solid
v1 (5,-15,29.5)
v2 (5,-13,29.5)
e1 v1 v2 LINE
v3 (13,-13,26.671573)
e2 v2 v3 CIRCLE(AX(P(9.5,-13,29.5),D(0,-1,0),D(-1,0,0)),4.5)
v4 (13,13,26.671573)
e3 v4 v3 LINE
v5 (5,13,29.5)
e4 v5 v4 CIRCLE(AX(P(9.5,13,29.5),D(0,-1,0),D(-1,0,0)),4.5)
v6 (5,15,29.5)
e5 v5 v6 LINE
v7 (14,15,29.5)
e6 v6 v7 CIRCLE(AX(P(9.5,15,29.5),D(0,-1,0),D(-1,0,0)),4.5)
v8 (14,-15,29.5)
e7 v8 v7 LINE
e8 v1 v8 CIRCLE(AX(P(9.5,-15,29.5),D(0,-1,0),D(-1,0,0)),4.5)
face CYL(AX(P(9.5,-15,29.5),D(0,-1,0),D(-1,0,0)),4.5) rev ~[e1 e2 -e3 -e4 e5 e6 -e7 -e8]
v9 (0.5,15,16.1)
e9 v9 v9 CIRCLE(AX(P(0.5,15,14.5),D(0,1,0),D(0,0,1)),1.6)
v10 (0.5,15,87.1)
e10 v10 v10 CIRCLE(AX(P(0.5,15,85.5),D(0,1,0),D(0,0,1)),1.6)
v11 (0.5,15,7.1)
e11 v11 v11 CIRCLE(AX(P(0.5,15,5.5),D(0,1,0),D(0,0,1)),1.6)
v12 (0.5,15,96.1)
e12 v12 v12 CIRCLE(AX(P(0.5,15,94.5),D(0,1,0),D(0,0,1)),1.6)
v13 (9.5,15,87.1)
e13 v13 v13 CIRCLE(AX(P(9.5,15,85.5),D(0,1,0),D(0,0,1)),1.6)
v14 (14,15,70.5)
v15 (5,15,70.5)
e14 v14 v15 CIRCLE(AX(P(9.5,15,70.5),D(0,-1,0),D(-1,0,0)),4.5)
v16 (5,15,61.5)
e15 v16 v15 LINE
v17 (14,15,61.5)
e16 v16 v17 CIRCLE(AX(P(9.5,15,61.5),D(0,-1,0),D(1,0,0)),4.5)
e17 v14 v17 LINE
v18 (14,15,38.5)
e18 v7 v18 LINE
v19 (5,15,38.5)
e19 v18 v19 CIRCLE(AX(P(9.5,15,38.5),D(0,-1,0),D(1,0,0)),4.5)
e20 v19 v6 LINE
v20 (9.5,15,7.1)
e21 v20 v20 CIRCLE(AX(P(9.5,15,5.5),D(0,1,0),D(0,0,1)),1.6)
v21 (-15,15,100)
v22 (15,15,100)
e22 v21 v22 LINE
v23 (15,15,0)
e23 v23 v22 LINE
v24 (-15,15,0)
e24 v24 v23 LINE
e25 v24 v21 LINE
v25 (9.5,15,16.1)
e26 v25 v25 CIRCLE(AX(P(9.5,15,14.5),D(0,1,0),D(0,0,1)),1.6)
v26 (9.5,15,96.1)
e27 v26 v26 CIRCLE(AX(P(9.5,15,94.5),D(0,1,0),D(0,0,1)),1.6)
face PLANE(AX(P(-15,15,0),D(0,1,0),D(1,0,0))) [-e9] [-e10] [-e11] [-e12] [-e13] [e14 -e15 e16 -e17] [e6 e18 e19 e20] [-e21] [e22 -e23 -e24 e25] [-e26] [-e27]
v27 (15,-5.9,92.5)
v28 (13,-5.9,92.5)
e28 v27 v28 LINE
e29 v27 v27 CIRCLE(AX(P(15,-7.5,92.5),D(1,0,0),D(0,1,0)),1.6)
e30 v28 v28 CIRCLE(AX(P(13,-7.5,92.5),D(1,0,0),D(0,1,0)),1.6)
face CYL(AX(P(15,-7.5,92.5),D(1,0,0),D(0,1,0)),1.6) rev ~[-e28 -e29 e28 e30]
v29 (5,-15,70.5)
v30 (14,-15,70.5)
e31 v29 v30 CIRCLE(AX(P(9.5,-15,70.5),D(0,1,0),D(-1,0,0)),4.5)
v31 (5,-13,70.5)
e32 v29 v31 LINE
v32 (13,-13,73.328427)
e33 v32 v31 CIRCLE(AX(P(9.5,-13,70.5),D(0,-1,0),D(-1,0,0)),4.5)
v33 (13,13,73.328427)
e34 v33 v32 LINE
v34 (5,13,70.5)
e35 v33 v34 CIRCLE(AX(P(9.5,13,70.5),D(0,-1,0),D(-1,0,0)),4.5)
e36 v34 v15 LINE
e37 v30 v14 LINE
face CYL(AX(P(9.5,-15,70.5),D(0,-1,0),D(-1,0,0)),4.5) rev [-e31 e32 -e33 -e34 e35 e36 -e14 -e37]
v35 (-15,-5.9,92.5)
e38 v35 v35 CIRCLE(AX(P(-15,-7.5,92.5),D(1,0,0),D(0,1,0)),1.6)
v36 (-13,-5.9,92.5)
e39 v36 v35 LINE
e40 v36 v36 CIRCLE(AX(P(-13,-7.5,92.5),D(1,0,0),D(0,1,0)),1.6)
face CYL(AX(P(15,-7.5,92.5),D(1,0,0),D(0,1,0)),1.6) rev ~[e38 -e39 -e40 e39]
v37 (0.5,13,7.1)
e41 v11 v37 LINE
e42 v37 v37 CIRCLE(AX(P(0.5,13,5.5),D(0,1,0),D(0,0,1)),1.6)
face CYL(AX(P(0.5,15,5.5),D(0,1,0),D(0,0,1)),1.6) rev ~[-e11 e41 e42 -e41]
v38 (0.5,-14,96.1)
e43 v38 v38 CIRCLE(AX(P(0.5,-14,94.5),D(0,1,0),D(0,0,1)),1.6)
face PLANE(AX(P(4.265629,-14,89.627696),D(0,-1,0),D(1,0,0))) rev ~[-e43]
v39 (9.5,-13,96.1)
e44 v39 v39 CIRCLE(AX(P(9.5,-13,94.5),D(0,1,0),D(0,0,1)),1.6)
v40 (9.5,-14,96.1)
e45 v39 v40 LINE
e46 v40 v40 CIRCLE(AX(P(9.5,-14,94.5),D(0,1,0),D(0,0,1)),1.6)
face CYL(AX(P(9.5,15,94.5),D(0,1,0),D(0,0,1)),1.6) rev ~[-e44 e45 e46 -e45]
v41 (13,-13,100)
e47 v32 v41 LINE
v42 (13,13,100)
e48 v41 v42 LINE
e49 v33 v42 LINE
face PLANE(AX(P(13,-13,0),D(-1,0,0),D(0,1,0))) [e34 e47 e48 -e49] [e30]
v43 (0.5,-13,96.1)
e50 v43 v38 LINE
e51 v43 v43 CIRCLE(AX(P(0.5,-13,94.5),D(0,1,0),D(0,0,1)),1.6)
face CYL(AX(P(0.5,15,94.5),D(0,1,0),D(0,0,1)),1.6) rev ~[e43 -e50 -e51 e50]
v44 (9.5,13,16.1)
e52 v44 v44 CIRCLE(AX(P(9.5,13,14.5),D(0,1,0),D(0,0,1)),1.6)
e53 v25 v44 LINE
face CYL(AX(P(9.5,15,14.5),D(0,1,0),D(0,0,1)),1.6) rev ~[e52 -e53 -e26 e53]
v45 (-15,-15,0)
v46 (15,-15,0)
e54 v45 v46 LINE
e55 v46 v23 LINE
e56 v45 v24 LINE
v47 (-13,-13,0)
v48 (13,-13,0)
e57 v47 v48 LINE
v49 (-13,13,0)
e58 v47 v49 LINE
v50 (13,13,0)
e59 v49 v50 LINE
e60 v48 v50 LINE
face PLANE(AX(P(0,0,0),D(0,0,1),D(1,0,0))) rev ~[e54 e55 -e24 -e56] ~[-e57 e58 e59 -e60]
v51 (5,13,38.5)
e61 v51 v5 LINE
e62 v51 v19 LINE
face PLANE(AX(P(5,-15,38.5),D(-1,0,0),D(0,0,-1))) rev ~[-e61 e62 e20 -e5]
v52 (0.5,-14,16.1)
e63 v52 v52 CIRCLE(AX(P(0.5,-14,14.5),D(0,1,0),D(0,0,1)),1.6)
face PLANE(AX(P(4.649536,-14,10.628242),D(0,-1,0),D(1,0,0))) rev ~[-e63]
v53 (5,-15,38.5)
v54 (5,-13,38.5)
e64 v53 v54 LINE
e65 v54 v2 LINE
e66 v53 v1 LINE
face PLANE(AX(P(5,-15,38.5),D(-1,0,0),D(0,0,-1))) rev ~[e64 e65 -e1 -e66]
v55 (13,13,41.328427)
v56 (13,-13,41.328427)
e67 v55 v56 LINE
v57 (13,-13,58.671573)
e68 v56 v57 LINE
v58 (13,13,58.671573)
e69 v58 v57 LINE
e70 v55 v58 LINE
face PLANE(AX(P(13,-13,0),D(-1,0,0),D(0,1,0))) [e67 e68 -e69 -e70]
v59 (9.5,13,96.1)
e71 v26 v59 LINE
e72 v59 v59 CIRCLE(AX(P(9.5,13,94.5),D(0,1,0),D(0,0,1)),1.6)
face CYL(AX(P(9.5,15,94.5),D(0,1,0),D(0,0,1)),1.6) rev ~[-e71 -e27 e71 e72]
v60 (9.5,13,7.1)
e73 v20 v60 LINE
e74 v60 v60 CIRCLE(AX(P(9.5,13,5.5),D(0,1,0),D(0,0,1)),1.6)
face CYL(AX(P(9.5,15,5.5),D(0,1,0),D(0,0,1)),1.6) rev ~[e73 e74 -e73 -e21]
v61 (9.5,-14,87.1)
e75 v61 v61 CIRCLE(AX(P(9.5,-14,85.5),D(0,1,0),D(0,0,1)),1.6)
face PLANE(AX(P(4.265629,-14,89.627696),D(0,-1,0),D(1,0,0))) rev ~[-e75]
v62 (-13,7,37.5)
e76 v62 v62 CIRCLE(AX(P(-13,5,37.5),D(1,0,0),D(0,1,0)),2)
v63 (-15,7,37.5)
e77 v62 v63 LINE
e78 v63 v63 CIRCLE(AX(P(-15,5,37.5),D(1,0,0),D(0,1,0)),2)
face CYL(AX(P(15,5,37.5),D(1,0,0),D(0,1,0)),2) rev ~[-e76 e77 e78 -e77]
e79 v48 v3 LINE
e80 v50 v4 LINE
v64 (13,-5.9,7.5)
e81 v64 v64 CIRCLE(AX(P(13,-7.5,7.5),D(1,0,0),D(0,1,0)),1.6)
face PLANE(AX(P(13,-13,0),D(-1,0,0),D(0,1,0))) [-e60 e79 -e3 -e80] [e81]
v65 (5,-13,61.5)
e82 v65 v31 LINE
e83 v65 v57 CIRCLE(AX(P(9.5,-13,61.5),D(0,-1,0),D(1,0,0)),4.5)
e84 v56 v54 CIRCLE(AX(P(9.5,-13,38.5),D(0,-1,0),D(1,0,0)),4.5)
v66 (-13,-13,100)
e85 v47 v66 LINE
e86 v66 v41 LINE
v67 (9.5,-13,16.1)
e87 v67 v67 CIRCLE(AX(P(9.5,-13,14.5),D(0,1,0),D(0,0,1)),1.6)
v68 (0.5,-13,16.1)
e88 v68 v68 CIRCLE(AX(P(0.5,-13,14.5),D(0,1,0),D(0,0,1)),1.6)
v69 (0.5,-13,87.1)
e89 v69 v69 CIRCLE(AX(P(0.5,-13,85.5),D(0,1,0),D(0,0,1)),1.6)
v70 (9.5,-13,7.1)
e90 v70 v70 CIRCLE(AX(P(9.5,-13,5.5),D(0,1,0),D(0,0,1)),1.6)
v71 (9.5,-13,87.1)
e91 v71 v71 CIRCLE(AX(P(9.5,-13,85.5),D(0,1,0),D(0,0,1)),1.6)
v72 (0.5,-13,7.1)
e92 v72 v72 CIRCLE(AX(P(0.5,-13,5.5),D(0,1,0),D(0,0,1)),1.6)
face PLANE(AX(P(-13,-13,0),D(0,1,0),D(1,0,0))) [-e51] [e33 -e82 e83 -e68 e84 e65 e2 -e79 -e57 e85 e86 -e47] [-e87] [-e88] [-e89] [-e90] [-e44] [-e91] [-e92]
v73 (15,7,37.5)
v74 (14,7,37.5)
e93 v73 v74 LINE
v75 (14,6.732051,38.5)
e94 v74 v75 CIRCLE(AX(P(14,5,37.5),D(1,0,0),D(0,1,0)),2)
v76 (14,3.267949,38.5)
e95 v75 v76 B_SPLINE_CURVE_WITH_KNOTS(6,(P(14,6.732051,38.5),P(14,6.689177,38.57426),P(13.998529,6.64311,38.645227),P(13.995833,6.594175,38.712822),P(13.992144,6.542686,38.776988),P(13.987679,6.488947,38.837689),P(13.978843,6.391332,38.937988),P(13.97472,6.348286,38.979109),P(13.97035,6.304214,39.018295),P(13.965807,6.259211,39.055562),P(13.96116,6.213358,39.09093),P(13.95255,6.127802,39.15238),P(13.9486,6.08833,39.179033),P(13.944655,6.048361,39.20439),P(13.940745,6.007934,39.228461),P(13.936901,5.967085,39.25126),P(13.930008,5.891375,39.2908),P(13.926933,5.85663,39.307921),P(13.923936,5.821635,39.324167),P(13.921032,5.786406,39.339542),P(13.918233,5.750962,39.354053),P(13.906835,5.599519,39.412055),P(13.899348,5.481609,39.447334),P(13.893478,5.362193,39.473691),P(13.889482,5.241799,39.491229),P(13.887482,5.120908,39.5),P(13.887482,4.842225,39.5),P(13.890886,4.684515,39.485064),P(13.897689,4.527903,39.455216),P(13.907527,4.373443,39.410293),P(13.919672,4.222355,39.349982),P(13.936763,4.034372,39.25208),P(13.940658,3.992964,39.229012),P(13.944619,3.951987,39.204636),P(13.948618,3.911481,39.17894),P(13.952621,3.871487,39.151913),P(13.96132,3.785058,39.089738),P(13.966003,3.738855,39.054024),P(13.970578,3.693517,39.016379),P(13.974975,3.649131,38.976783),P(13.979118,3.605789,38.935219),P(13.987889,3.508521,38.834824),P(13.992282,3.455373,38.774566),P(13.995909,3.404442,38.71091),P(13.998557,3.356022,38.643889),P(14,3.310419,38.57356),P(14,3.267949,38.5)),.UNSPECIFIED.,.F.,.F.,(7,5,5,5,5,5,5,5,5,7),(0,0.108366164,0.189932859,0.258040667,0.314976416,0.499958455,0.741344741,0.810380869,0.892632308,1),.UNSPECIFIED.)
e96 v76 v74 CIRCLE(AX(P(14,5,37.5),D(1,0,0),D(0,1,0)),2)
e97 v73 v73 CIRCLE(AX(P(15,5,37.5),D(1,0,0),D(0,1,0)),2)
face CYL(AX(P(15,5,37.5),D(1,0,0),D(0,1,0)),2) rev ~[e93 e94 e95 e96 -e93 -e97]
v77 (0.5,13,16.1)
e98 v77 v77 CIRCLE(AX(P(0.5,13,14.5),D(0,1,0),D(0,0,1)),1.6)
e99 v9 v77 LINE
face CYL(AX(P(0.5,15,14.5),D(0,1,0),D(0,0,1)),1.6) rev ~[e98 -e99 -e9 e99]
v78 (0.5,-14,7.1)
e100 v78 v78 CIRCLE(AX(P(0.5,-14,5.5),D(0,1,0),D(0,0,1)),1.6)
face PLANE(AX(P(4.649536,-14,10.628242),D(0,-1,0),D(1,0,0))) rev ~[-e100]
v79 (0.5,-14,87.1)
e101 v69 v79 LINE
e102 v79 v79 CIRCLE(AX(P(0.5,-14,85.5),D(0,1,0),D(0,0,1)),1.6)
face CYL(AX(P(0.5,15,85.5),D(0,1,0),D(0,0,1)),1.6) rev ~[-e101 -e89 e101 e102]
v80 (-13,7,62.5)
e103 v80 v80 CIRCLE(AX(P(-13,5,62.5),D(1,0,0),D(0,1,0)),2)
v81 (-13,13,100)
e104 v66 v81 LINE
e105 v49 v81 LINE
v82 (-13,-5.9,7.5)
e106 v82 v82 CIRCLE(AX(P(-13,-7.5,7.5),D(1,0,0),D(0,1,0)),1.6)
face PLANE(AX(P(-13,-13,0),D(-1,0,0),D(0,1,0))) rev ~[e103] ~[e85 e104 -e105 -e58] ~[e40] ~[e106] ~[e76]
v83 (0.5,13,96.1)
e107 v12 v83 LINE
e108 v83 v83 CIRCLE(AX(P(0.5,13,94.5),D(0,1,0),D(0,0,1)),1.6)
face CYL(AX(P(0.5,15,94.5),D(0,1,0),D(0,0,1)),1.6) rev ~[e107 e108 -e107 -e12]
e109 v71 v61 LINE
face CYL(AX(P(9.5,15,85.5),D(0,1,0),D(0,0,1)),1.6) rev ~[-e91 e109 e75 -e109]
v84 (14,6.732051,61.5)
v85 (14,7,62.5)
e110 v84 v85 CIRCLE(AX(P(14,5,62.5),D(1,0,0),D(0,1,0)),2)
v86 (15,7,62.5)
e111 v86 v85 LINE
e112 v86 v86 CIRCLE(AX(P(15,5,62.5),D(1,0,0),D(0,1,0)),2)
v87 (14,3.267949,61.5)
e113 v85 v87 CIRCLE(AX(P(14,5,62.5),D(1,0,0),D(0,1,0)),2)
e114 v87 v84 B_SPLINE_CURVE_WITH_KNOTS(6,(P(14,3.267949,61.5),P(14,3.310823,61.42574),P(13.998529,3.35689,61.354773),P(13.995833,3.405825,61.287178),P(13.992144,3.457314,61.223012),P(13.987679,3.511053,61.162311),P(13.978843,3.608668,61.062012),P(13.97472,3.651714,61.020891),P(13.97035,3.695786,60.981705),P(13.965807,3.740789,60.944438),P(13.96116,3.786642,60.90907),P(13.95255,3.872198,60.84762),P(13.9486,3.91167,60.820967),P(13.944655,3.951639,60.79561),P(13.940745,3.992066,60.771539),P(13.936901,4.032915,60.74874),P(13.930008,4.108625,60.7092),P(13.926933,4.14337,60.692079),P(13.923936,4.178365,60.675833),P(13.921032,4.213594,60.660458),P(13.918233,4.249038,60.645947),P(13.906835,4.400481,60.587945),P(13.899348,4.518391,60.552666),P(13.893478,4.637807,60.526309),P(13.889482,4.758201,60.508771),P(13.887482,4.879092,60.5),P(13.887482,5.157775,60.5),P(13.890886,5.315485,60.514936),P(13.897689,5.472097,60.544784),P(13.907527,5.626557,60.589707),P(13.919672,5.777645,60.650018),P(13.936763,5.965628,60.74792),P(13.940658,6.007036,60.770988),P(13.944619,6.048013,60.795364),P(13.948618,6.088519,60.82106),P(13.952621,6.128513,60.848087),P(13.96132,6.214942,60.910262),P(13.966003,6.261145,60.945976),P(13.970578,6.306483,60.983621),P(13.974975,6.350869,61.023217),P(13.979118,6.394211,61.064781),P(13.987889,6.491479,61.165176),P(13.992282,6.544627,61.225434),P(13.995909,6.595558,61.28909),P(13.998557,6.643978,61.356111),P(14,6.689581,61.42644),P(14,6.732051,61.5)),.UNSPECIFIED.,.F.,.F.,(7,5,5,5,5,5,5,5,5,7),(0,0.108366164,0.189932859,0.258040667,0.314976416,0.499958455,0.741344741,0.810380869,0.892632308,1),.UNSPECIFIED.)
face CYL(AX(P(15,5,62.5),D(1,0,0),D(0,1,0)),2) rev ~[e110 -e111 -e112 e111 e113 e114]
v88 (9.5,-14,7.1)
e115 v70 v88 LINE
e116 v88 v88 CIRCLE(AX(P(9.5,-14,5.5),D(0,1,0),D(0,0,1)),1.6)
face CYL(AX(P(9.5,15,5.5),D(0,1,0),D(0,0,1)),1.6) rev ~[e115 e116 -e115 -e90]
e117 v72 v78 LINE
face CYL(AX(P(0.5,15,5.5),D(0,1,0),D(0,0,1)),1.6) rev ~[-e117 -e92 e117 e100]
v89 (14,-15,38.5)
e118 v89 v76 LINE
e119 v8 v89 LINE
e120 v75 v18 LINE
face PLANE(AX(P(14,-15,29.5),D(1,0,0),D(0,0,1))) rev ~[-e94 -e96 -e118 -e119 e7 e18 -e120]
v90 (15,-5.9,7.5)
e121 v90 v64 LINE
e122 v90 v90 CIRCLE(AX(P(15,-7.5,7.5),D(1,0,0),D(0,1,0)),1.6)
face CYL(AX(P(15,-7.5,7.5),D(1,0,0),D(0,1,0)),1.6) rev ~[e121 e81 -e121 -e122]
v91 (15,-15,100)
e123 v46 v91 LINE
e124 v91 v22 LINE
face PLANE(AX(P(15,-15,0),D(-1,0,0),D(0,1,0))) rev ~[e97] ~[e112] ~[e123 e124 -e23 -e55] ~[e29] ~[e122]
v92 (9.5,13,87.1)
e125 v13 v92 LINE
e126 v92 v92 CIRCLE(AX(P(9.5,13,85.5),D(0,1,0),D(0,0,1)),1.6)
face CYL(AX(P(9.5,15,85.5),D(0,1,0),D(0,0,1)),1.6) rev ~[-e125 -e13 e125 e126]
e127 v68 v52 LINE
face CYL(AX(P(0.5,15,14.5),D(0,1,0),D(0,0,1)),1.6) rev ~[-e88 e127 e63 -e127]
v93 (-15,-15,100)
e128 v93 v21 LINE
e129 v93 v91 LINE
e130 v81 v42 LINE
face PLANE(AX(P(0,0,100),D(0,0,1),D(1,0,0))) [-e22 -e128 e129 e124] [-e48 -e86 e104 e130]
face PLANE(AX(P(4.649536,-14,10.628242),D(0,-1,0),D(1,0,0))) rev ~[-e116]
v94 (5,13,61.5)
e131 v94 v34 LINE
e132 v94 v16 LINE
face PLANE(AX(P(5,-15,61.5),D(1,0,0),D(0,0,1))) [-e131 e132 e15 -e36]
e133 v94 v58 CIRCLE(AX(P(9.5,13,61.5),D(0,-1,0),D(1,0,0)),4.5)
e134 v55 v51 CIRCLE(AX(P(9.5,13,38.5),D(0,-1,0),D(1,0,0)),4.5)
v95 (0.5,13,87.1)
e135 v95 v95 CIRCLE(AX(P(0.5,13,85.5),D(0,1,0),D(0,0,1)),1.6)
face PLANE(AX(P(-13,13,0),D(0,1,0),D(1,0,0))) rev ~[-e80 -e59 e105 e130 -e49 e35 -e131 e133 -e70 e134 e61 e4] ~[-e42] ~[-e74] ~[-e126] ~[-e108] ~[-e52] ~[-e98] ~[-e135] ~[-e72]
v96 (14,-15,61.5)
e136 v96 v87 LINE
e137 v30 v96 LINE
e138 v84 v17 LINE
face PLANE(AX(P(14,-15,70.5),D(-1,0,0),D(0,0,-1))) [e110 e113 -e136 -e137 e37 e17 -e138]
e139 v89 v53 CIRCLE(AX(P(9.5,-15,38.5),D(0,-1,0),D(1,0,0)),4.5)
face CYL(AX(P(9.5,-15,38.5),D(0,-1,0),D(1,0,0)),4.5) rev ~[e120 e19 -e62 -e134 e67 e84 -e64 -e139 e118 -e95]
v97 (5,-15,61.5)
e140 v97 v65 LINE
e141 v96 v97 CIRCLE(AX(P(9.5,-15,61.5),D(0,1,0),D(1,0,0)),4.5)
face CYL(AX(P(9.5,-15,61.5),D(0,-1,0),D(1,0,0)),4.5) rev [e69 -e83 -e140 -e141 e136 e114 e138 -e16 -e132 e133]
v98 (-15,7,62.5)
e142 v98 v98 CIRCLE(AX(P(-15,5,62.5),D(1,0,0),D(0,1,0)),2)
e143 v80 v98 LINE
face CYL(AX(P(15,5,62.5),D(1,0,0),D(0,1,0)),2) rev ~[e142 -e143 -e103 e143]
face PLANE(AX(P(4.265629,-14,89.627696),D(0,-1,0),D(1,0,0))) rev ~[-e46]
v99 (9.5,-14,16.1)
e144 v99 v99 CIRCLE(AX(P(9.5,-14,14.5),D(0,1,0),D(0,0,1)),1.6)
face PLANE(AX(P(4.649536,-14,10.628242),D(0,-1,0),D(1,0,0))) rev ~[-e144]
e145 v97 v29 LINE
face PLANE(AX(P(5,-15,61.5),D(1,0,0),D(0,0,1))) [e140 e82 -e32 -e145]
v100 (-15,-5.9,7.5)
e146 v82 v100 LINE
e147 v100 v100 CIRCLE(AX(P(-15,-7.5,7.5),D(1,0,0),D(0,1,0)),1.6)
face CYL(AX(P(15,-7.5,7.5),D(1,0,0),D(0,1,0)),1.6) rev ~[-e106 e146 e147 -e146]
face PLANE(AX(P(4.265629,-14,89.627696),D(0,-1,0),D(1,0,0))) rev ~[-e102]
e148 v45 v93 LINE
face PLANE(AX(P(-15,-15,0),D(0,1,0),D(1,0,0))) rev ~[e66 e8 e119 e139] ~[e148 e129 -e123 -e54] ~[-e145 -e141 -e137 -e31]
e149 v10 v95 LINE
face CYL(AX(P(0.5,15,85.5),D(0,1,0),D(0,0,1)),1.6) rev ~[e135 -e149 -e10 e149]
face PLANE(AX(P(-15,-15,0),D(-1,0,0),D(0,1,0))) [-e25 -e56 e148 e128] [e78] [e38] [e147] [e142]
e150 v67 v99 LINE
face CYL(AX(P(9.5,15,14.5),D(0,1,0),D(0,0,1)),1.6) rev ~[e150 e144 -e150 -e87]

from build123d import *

# Parameters (mm, degrees)
SKETCH_1_W          = 30
SKETCH_1_H          = 30
SKETCH_1_W_2        = 26
SKETCH_1_H_2        = 26
EXTRUDE_1_DEPTH     = 100
SKETCH_3_R          = 1.6
CUT_EXTRUDE_1_DEPTH = 106.475115549
SKETCH_5_R          = 1.6
CUT_EXTRUDE_3_DEPTH = 106.475115549
SKETCH_6_R          = 2
CUT_EXTRUDE_4_DEPTH = 106.475115549
SKETCH_7_W          = 17.574392575
SKETCH_7_H          = 17.83033033
SKETCH_7_W_2        = 16.806579307
SKETCH_7_H_2        = 18.854081354
EXTRUDE_2_DEPTH     = 1
CUT_EXTRUDE_5_REACH = 107.475


with BuildPart() as part:
    # 草图1 → 凸台-拉伸1 (new body)
    with BuildSketch(Plane.XY):
        Rectangle(SKETCH_1_W, SKETCH_1_H)
        Rectangle(SKETCH_1_W_2, SKETCH_1_H_2, mode=Mode.SUBTRACT)
    extrude(amount=EXTRUDE_1_DEPTH)

    # 草图3 → 切除-拉伸1 (cut, through all)
    with BuildSketch(Plane(origin=(0, 15, 0), x_dir=(1, 0, 0), z_dir=(0, 1, 0))):
        with Locations(Location((0.5, -94.5, 0), (0, 0, 270))):
            Circle(SKETCH_3_R)
        with Locations(Location((9.5, -94.5, 0), (0, 0, 270))):
            Circle(SKETCH_3_R)
        with Locations(Location((9.5, -85.5, 0), (0, 0, 270))):
            Circle(SKETCH_3_R)
        with Locations(Location((0.5, -85.5, 0), (0, 0, 270))):
            Circle(SKETCH_3_R)
        with Locations(Location((9.5, -14.5, 0), (0, 0, 270))):
            Circle(SKETCH_3_R)
        with Locations(Location((9.5, -5.5, 0), (0, 0, 270))):
            Circle(SKETCH_3_R)
        with Locations(Location((0.5, -5.5, 0), (0, 0, 270))):
            Circle(SKETCH_3_R)
        with Locations(Location((0.5, -14.5, 0), (0, 0, 270))):
            Circle(SKETCH_3_R)
        with Locations(Location((9.5, -70.5, 0), (0, 0, 270))):
            Circle(SKETCH_3_R)
        with Locations(Location((9.5, -61.5, 0), (0, 0, 270))):
            Circle(SKETCH_3_R)
        with Locations(Location((9.5, -38.5, 0), (0, 0, 270))):
            Circle(SKETCH_3_R)
        with Locations(Location((9.5, -29.5, 0), (0, 0, 270))):
            Circle(SKETCH_3_R)
    extrude(amount=-CUT_EXTRUDE_1_DEPTH, mode=Mode.SUBTRACT)

    # 草图5 → 切除-拉伸3 (cut, through all)
    with BuildSketch(Plane(origin=(15, 0, 0), x_dir=(0, 0, -1), z_dir=(1, 0, 0))):
        with Locations(Location((-92.5, -7.5, 0), (0, 0, 90))):
            Circle(SKETCH_5_R)
        with Locations(Location((-7.5, -7.5, 0), (0, 0, 90))):
            Circle(SKETCH_5_R)
    extrude(amount=-CUT_EXTRUDE_3_DEPTH, mode=Mode.SUBTRACT)

    # 草图6 → 切除-拉伸4 (cut, through all)
    with BuildSketch(Plane(origin=(15, 0, 0), x_dir=(0, 0, -1), z_dir=(1, 0, 0))):
        with Locations(Location((-62.5, 5, 0), (0, 0, 90))):
            Circle(SKETCH_6_R)
        with Locations(Location((-37.5, 5, 0), (0, 0, 90))):
            Circle(SKETCH_6_R)
    extrude(amount=-CUT_EXTRUDE_4_DEPTH, mode=Mode.SUBTRACT)

    # 草图7 → 凸台-拉伸2 (add)
    with BuildSketch(Plane.XZ.offset(15)):
        with Locations((4.265629266, 89.627695878)):
            Rectangle(SKETCH_7_W, SKETCH_7_H)
        with Locations((4.6495359, 10.628241878)):
            Rectangle(SKETCH_7_W_2, SKETCH_7_H_2)
    extrude(amount=-EXTRUDE_2_DEPTH)

    # 草图8 → 切除-拉伸5 (cut, up to next)
    with BuildSketch(Plane.XZ.offset(15), mode=Mode.PRIVATE) as cut_extrude_5_sk1:
        with BuildLine():
            Line((14, 70.5), (14, 61.5))
            ThreePointArc((14, 61.5), (9.5, 57), (5, 61.5))
            Line((5, 61.5), (5, 70.5))
            ThreePointArc((5, 70.5), (9.5, 75), (14, 70.5))
        make_face()
    cut_extrude_5_tool1 = extrude(cut_extrude_5_sk1.sketch, amount=-CUT_EXTRUDE_5_REACH, mode=Mode.PRIVATE) & part.part
    # 草图8 → 切除-拉伸5 (cut, up to next)
    with BuildSketch(Plane.XZ.offset(15), mode=Mode.PRIVATE) as cut_extrude_5_sk2:
        with BuildLine():
            Line((14, 29.5), (14, 38.5))
            ThreePointArc((14, 38.5), (9.5, 43), (5, 38.5))
            Line((5, 38.5), (5, 29.5))
            ThreePointArc((5, 29.5), (9.5, 25), (14, 29.5))
        make_face()
    cut_extrude_5_tool2 = extrude(cut_extrude_5_sk2.sketch, amount=-CUT_EXTRUDE_5_REACH, mode=Mode.PRIVATE) & part.part
    add(cut_extrude_5_tool1.solids().sort_by_distance((9.5, -15, 66))[0], mode=Mode.SUBTRACT)
    add(cut_extrude_5_tool2.solids().sort_by_distance((9.5, -15, 34))[0], mode=Mode.SUBTRACT)


solid = part.part
